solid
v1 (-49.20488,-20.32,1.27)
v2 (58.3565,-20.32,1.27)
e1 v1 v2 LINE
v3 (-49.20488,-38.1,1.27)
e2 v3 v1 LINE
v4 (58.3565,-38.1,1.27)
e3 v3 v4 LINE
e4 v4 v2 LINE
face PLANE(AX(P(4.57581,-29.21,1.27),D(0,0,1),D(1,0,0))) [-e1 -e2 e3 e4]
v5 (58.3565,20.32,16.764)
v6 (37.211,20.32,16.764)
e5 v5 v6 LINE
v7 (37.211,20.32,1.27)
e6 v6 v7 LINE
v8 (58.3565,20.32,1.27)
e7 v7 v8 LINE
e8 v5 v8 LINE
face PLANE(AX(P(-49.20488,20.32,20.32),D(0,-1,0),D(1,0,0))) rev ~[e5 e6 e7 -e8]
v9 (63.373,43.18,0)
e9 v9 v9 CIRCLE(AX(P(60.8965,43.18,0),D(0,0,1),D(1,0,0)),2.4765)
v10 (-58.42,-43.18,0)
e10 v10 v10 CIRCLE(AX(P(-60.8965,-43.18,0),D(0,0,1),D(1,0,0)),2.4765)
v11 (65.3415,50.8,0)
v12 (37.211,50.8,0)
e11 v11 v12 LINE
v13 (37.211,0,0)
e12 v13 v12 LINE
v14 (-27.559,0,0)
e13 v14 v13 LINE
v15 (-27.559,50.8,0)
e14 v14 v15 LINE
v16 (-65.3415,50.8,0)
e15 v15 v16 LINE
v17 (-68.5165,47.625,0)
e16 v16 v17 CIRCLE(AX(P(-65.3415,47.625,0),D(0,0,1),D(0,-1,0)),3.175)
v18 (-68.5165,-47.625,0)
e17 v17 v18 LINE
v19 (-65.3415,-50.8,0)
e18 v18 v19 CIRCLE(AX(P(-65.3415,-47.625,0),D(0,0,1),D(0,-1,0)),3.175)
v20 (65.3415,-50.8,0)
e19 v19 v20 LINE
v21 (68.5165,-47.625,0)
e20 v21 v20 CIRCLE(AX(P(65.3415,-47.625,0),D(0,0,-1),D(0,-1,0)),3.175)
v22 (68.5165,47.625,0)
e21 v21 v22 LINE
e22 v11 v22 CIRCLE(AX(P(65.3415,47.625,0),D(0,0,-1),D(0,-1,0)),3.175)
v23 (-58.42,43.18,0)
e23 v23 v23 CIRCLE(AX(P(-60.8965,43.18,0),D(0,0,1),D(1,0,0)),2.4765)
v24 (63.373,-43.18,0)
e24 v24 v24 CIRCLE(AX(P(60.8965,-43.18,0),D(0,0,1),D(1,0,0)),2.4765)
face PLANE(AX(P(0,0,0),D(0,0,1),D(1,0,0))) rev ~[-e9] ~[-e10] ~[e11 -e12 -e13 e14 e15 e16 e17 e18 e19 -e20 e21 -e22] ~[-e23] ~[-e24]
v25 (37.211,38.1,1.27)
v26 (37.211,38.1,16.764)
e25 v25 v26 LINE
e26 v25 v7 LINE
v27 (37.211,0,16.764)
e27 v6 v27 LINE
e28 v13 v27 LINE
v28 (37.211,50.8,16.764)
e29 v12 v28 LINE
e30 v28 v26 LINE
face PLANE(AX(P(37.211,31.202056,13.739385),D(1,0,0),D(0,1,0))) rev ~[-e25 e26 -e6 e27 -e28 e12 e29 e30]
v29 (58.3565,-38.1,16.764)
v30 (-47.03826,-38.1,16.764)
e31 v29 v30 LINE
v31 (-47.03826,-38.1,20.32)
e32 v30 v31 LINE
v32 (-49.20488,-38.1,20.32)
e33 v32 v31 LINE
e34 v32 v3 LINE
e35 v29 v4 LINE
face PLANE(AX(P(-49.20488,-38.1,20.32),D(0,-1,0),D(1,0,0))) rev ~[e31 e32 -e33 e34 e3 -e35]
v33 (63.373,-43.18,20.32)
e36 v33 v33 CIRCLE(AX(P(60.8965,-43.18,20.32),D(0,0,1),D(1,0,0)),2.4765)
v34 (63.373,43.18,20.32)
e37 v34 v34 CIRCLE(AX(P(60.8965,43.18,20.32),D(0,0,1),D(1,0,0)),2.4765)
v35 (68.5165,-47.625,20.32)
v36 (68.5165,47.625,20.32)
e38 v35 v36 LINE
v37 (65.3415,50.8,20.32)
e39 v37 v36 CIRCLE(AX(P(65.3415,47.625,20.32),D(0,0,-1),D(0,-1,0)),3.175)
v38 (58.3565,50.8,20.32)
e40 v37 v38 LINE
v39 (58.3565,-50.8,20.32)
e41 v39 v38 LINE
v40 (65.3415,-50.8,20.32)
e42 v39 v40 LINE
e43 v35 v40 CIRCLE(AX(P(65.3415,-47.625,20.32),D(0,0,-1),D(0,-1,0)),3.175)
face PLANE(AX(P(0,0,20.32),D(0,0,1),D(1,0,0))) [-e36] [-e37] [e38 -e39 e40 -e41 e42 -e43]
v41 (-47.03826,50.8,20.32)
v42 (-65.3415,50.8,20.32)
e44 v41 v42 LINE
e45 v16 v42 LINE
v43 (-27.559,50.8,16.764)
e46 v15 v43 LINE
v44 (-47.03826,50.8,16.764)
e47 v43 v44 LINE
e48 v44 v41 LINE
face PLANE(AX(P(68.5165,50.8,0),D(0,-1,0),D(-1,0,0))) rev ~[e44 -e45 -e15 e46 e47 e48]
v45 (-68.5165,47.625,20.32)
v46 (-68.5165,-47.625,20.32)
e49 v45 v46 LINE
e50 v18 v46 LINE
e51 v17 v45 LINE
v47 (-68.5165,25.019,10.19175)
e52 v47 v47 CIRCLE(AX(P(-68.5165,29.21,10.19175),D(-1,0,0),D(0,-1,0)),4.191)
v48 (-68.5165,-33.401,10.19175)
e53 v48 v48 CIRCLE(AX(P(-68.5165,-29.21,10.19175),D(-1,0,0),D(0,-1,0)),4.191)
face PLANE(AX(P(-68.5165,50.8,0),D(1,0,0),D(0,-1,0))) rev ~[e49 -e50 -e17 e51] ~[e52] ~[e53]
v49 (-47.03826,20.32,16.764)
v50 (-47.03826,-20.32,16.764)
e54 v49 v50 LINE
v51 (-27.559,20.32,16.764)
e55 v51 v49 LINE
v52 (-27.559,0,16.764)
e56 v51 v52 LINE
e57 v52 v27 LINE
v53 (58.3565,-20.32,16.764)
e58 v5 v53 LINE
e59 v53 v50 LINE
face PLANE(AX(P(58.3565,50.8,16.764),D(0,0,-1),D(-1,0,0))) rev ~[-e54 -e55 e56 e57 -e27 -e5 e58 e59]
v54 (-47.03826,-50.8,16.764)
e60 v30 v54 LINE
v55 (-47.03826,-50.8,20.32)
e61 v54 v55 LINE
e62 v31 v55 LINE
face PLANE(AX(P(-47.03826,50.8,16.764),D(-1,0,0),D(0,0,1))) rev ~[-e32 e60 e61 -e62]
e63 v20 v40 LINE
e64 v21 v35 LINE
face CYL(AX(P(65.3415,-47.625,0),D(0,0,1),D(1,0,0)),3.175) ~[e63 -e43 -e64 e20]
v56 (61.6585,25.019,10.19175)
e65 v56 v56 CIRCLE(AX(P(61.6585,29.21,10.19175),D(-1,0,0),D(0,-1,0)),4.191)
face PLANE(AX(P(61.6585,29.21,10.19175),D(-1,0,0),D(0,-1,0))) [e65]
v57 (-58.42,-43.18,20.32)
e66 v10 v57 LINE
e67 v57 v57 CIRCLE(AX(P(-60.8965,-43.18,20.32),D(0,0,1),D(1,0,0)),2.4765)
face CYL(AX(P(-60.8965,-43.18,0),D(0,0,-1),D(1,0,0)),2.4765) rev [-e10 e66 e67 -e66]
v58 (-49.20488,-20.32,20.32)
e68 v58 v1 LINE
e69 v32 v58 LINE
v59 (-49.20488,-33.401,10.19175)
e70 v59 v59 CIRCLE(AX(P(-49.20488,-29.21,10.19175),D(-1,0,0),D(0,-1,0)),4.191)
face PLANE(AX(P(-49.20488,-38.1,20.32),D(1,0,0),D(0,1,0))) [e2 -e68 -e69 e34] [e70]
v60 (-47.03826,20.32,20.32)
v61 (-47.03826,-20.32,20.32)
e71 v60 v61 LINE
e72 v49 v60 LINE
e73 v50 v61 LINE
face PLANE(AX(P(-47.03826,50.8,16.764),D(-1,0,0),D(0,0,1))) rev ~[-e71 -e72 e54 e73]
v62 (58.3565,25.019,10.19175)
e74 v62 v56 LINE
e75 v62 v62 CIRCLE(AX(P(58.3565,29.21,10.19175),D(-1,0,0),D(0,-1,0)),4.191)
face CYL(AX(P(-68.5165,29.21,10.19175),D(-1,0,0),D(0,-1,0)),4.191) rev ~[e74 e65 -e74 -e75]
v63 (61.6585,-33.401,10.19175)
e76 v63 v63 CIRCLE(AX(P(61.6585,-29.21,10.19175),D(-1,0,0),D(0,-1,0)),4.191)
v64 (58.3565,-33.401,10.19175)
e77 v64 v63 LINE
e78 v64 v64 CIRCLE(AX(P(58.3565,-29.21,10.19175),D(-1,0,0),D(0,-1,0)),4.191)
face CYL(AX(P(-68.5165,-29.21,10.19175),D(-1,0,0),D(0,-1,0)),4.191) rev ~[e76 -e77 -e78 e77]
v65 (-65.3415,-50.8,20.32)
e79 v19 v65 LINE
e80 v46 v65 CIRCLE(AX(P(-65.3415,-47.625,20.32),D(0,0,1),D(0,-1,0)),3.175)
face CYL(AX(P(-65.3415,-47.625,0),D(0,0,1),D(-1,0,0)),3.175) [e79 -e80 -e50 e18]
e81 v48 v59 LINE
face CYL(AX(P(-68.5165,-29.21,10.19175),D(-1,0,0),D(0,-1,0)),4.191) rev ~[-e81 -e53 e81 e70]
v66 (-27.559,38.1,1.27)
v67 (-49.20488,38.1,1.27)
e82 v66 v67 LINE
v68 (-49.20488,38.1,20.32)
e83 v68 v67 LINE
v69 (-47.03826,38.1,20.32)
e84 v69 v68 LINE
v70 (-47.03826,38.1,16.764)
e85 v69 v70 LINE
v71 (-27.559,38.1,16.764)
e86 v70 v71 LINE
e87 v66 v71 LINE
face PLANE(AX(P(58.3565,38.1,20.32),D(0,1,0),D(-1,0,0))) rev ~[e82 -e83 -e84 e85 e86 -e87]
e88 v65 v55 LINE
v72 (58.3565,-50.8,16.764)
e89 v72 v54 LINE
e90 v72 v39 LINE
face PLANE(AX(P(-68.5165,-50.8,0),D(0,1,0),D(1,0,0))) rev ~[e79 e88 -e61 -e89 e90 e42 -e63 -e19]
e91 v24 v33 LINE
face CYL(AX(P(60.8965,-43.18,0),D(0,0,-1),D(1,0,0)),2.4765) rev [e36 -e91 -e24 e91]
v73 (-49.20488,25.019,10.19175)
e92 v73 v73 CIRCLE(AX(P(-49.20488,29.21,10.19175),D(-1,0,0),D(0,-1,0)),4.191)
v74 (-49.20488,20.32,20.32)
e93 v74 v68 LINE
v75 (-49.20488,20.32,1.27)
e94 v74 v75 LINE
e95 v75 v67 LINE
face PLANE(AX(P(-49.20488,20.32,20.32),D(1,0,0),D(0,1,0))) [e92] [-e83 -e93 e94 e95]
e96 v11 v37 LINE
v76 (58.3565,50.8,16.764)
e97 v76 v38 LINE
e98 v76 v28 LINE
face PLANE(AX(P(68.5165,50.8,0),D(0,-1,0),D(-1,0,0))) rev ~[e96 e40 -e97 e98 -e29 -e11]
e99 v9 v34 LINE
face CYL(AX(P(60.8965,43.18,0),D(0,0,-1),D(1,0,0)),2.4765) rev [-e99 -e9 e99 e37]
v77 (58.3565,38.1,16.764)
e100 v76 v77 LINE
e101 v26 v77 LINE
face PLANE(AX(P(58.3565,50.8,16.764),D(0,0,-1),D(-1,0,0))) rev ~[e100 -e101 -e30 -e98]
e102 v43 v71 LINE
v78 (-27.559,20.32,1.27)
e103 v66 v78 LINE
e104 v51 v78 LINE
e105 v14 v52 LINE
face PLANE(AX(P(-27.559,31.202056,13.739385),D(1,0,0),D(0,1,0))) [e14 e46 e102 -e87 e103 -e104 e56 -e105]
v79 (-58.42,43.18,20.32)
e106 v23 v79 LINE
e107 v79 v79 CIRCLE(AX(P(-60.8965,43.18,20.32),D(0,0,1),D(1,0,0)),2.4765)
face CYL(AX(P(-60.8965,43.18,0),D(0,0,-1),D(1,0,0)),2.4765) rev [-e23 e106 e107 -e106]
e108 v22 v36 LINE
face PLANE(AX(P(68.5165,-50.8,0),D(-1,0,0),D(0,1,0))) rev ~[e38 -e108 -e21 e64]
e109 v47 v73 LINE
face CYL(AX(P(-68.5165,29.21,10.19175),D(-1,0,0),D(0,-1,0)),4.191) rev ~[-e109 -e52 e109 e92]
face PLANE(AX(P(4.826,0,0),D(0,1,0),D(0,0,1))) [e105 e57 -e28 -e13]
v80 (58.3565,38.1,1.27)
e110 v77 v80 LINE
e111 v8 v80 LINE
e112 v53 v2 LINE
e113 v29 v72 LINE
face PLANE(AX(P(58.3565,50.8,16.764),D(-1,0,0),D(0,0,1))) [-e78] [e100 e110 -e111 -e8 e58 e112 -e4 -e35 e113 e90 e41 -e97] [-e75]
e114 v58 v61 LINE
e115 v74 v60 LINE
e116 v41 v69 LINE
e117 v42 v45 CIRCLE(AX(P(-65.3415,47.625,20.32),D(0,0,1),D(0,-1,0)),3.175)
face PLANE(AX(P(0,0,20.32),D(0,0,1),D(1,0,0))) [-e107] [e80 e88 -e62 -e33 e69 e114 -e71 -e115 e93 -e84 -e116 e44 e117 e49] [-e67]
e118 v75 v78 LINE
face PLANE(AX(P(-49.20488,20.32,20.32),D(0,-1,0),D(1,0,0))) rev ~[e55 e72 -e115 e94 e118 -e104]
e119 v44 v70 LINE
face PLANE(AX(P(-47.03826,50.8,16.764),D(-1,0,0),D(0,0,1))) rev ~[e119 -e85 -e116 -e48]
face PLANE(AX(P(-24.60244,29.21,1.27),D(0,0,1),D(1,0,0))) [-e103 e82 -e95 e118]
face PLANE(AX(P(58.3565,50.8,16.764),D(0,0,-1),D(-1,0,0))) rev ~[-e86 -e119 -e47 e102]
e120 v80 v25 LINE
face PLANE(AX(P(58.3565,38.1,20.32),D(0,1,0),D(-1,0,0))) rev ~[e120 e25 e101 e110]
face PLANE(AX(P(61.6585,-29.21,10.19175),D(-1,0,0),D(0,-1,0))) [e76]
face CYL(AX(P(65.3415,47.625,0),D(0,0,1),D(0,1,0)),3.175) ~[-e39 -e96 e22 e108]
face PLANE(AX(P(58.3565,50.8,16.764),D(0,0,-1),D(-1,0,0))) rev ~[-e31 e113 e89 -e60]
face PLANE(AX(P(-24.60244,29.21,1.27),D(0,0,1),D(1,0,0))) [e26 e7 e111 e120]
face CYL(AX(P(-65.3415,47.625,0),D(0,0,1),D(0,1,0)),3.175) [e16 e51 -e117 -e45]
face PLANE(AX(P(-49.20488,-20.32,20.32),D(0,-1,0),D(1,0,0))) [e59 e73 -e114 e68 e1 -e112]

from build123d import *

# Parameters (mm, degrees)
F1_R      = 2.4765
F2_DEPTH  = 20.32
F3_W      = 58.3565
F3_H      = 3.556
F3_W_2    = 47.03826
F4_DEPTH  = 131.572
F5_R      = 3.175
F6_W      = 62.404111
F6_H      = 27.47877
F7_DEPTH  = 32.385
F8_W      = 49.20488
F8_H      = 17.78
F8_W_2    = 58.3565
F8_W_3    = 107.56138
F9_DEPTH  = 19.05
F10_R     = 4.191
F11_DEPTH = 130.175


with BuildPart() as f2:
    # F1 (on Top) → F2 (new body)
    with BuildSketch(Plane.XY):
        Polygon((68.5165, 50.8), (0, 50.8), (-68.5165, 50.8), (-68.5165, 0), (-68.5165, -50.8), (0, -50.8), (68.5165, -50.8), (68.5165, 0), align=None)
        with Locations((-60.8965, -43.18)):
            Circle(F1_R, mode=Mode.SUBTRACT)
        with Locations((60.8965, -43.18)):
            Circle(F1_R, mode=Mode.SUBTRACT)
        with Locations((-60.8965, 43.18)):
            Circle(F1_R, mode=Mode.SUBTRACT)
        with Locations((60.8965, 43.18)):
            Circle(F1_R, mode=Mode.SUBTRACT)
    extrude(amount=F2_DEPTH)

    # F3 (on face) → F4 (cut)
    with BuildSketch(Plane(origin=(0, 50.8, 0), x_dir=(-1, 0, 0), z_dir=(0, 1, 0))):
        with Locations((-29.17825, 18.542)):
            Rectangle(F3_W, F3_H)
        with Locations((23.51913, 18.542)):
            Rectangle(F3_W_2, F3_H)
    extrude(amount=-F4_DEPTH, mode=Mode.SUBTRACT)

    # F5
    f5_edges = [f2.edges().sort_by_distance(p)[0] for p in [
        (68.5165, 50.8, 10.16),
        (-68.5165, 50.8, 10.16),
        (-68.5165, -50.8, 10.16),
        (68.5165, -50.8, 10.16),
    ]]
    fillet(f5_edges, radius=F5_R)

    # F6 (on offset) → F7 (cut, symmetric)
    with BuildSketch(Plane.YZ.offset(4.826)):
        with Locations((31.202056, 13.739385)):
            Rectangle(F6_W, F6_H)
    extrude(amount=F7_DEPTH, both=True, mode=Mode.SUBTRACT)

    # F8 (on face) → F9 (cut)
    with BuildSketch(Plane.XY.offset(20.32)):
        with Locations((-24.60244, 29.21)):
            Rectangle(F8_W, F8_H)
        with Locations((29.17825, 29.21)):
            Rectangle(F8_W_2, F8_H)
        with Locations((4.57581, -29.21)):
            Rectangle(F8_W_3, F8_H)
    extrude(amount=-F9_DEPTH, mode=Mode.SUBTRACT)

    # F10 (on face) → F11 (cut)
    with BuildSketch(Plane(origin=(-68.5165, 0, 0), x_dir=(0, -1, 0), z_dir=(-1, 0, 0))):
        with Locations((-29.21, 10.19175)):
            Circle(F10_R)
        with Locations((29.21, 10.19175)):
            Circle(F10_R)
    extrude(amount=-F11_DEPTH, mode=Mode.SUBTRACT)


solid = f2.part
